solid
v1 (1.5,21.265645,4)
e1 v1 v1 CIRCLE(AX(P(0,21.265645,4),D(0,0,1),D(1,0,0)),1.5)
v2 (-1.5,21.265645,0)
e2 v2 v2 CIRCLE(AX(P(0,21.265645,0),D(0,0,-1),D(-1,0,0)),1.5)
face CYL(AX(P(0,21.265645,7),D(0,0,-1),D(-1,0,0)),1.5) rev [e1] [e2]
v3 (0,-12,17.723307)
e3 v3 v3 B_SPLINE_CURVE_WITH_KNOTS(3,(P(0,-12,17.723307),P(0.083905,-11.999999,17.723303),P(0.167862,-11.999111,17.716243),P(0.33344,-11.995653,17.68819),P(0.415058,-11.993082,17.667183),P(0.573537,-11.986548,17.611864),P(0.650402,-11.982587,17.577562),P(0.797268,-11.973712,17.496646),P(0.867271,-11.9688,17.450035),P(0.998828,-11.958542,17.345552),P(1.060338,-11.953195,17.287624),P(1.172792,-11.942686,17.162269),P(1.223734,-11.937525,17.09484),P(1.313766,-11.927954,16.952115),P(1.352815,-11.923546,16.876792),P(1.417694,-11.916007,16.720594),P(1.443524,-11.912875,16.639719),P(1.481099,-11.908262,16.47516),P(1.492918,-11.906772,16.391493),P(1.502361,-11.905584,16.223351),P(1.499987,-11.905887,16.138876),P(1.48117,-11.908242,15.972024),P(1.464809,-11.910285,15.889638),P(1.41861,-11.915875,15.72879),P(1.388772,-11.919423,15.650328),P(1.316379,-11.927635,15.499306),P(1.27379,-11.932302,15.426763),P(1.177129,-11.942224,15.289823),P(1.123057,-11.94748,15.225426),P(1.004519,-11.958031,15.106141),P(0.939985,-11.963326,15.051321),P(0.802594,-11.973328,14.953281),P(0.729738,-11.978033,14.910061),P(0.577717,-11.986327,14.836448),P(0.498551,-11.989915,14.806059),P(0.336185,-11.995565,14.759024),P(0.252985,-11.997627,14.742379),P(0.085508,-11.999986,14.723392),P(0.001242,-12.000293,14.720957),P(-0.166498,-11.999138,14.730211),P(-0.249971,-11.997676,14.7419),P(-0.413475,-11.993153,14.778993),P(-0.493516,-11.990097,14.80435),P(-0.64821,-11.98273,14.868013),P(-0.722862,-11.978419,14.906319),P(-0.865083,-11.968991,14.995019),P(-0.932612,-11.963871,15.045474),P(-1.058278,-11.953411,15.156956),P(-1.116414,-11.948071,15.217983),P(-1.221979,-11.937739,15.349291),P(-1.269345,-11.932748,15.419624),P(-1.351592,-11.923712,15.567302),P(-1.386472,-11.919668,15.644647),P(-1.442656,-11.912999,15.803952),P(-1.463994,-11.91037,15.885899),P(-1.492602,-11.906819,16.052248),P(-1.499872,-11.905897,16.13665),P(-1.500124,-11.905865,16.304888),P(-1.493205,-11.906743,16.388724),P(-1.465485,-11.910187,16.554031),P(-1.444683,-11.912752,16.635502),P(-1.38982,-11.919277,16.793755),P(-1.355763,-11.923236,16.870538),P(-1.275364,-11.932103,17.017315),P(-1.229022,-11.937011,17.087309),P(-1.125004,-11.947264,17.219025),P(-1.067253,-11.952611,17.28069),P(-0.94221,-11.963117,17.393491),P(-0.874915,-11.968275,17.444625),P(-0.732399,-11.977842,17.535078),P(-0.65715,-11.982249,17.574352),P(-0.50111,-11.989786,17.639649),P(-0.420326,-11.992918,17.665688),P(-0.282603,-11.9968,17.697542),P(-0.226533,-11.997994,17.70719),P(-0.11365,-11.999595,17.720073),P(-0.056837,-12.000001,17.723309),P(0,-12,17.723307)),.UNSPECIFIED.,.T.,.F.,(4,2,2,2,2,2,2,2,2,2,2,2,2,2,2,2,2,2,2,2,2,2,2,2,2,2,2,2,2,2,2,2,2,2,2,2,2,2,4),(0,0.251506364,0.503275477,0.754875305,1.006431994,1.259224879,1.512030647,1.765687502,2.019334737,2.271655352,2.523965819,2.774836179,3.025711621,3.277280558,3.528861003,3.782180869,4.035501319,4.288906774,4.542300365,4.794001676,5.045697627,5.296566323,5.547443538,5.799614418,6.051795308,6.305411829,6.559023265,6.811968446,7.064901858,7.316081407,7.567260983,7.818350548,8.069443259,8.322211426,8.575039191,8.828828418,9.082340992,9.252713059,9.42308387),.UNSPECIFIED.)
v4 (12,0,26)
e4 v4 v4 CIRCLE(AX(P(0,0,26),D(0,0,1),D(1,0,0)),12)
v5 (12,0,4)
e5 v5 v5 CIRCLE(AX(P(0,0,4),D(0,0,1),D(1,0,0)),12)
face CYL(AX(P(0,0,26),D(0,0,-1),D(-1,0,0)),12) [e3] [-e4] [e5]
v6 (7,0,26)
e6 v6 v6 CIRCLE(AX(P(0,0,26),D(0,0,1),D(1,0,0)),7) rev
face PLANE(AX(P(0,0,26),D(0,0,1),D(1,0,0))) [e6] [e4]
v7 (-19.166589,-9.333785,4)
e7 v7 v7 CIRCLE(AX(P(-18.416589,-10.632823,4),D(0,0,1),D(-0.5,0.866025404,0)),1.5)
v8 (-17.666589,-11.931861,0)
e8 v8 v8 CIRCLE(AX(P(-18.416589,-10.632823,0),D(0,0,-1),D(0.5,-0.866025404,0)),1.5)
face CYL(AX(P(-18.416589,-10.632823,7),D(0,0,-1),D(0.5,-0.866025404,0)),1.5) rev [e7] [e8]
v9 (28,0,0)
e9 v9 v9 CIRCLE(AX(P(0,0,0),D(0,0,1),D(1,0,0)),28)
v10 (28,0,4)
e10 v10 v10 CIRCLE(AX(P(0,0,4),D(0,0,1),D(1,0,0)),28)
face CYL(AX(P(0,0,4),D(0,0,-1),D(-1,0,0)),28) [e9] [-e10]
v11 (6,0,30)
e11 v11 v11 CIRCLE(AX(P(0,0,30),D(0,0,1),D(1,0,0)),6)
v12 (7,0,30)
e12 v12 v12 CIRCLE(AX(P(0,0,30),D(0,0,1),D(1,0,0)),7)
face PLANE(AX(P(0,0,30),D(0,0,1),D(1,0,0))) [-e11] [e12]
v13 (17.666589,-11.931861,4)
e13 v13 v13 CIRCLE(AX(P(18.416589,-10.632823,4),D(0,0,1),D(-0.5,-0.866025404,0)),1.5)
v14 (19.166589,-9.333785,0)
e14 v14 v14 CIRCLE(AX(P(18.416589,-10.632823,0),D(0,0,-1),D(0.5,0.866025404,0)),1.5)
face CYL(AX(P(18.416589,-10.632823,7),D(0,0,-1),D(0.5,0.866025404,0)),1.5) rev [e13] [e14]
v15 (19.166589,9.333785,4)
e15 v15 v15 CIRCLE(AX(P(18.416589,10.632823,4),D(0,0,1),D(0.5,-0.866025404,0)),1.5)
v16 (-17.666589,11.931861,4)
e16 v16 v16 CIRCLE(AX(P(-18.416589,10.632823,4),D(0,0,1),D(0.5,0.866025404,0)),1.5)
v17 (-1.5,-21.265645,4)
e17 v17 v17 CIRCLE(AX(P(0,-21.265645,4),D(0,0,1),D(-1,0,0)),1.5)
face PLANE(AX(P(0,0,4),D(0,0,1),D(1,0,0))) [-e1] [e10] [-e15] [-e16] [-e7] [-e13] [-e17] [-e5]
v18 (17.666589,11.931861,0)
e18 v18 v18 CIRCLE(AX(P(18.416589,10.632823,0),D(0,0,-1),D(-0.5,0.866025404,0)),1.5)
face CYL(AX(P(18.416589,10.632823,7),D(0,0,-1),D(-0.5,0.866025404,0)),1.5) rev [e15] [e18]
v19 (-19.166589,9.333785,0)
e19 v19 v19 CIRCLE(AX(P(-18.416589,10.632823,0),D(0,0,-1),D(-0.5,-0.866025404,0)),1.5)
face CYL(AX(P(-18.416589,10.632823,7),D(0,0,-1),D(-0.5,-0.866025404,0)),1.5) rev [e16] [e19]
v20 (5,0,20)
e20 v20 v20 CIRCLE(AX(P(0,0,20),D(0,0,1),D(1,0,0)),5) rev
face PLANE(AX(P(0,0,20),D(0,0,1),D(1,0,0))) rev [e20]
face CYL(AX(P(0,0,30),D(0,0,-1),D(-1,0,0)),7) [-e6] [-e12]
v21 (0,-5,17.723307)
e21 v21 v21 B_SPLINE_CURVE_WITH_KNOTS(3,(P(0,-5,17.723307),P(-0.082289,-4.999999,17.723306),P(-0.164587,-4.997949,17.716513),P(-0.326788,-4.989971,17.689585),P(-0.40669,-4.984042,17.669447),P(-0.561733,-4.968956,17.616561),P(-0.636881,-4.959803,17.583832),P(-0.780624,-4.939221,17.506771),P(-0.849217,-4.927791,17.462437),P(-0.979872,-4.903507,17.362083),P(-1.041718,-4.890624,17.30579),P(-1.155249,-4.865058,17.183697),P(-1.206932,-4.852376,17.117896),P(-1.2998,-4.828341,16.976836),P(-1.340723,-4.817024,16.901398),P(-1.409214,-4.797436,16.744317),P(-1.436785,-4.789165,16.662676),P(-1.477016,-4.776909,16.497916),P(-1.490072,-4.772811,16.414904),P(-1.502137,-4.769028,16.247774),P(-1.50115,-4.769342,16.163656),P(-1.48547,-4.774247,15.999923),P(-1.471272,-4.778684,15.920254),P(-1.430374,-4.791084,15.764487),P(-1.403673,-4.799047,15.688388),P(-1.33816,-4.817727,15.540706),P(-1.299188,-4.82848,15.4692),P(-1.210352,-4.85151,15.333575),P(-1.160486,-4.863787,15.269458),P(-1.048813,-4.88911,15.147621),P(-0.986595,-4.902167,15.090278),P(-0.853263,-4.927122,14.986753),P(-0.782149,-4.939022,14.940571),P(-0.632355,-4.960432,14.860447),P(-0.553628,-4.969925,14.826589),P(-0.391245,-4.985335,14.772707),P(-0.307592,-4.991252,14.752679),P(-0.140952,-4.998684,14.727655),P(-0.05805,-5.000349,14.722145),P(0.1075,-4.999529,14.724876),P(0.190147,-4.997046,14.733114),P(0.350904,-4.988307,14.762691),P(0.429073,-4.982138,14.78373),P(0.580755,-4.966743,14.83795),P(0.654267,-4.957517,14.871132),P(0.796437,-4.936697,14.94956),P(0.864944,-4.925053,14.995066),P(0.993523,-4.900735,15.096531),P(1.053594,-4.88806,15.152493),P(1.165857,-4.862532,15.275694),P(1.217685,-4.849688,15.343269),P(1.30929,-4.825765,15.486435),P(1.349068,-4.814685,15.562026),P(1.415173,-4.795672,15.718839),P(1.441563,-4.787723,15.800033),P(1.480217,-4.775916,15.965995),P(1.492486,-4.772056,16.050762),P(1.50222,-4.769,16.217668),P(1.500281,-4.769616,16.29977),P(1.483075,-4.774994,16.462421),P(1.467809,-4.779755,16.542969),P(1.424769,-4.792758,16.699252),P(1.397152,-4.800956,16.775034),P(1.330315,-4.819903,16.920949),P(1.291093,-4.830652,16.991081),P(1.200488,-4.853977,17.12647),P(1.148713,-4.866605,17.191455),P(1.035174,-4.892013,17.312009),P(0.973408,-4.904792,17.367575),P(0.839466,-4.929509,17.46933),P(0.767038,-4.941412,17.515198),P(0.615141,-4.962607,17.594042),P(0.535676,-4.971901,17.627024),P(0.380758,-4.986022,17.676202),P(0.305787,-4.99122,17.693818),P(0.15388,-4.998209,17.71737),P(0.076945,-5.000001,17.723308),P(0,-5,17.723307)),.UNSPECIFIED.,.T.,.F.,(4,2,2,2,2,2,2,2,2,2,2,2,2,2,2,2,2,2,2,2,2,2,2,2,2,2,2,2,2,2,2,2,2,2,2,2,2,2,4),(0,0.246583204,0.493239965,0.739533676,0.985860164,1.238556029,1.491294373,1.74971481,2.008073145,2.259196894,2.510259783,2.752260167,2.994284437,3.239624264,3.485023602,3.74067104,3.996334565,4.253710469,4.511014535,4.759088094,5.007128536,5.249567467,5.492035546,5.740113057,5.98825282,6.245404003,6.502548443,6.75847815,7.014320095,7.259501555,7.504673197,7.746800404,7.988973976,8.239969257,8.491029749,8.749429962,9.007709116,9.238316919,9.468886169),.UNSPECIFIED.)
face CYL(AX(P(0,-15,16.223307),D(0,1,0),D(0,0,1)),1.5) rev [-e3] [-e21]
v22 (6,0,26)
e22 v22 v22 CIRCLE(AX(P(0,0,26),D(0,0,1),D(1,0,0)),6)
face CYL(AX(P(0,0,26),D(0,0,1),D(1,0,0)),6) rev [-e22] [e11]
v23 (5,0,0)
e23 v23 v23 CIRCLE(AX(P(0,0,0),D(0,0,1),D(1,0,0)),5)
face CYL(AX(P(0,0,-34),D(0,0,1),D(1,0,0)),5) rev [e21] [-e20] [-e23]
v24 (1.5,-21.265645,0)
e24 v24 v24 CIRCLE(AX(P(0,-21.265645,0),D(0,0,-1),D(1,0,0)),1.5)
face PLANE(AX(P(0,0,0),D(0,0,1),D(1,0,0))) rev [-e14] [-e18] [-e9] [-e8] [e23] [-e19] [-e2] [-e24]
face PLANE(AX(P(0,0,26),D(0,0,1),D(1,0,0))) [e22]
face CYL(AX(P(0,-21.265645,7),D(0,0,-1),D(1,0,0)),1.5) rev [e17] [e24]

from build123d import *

# Parameters (mm, degrees)
SKETCH_1_R               = 28
EXTRUDE_1_DEPTH          = 4
SKETCH_2_R               = 12
EXTRUDE_2_DEPTH          = 22
SKETCH_3_R               = 5
CUT_EXTRUDE_1_DEPTH      = 60
SKETCH_4_R               = 1.5
CUT_EXTRUDE_2_DEPTH      = 7
PATTERN_CIRCULAR_1_COUNT = 6
SKETCH_5_R               = 1.5
CUT_EXTRUDE_3_DEPTH      = 15
SKETCH_7_R               = 7
EXTRUDE_4_DEPTH          = 10
SKETCH_8_R               = 6
CUT_EXTRUDE_4_DEPTH      = 4


with BuildPart() as part:
    # 草图1 → 凸台-拉伸1 (new body)
    with BuildSketch(Plane.XY):
        Circle(SKETCH_1_R)
    extrude(amount=EXTRUDE_1_DEPTH)

    # 草图2 → 凸台-拉伸2 (add)
    with BuildSketch(Plane.XY.offset(4)):
        Circle(SKETCH_2_R)
    extrude(amount=EXTRUDE_2_DEPTH)

    # 草图3 → 切除-拉伸1 (cut)
    with BuildSketch(Plane.XY.offset(26)):
        Circle(SKETCH_3_R)
    extrude(amount=-CUT_EXTRUDE_1_DEPTH, mode=Mode.SUBTRACT)

    # 草图4 → 切除-拉伸2 (cut)
    with BuildSketch(Plane(origin=(0, 0, 0), x_dir=(-1, 0, 0), z_dir=(0, 0, -1))):
        with Locations((0, 21.265645264)):
            Circle(SKETCH_4_R)
    cut_extrude_2 = extrude(amount=-CUT_EXTRUDE_2_DEPTH, mode=Mode.SUBTRACT)

    # 阵列(圆周)1: 切除-拉伸2 ×6 about axis
    pattern_circular_1_axis = Axis((0, 0, -1.3), (0, 0, 1))
    for i in range(1, PATTERN_CIRCULAR_1_COUNT):
        add(cut_extrude_2.rotate(pattern_circular_1_axis, i * 360 / PATTERN_CIRCULAR_1_COUNT), mode=Mode.SUBTRACT)

    # 草图5 → 切除-拉伸3 (cut)
    with BuildSketch(Plane(origin=(0, 0, 0), x_dir=(1, 0, 0), z_dir=(0, 1, 0))):
        with Locations((0, -16.223306721)):
            Circle(SKETCH_5_R)
    extrude(amount=-CUT_EXTRUDE_3_DEPTH, mode=Mode.SUBTRACT)

    # 草图7 → 凸台-拉伸4 (add)
    with BuildSketch(Plane.XY.offset(20)):
        Circle(SKETCH_7_R)
    extrude(amount=EXTRUDE_4_DEPTH)

    # 草图8 → 切除-拉伸4 (cut)
    with BuildSketch(Plane.XY.offset(30)):
        Circle(SKETCH_8_R)
    extrude(amount=-CUT_EXTRUDE_4_DEPTH, mode=Mode.SUBTRACT)


solid = part.part
